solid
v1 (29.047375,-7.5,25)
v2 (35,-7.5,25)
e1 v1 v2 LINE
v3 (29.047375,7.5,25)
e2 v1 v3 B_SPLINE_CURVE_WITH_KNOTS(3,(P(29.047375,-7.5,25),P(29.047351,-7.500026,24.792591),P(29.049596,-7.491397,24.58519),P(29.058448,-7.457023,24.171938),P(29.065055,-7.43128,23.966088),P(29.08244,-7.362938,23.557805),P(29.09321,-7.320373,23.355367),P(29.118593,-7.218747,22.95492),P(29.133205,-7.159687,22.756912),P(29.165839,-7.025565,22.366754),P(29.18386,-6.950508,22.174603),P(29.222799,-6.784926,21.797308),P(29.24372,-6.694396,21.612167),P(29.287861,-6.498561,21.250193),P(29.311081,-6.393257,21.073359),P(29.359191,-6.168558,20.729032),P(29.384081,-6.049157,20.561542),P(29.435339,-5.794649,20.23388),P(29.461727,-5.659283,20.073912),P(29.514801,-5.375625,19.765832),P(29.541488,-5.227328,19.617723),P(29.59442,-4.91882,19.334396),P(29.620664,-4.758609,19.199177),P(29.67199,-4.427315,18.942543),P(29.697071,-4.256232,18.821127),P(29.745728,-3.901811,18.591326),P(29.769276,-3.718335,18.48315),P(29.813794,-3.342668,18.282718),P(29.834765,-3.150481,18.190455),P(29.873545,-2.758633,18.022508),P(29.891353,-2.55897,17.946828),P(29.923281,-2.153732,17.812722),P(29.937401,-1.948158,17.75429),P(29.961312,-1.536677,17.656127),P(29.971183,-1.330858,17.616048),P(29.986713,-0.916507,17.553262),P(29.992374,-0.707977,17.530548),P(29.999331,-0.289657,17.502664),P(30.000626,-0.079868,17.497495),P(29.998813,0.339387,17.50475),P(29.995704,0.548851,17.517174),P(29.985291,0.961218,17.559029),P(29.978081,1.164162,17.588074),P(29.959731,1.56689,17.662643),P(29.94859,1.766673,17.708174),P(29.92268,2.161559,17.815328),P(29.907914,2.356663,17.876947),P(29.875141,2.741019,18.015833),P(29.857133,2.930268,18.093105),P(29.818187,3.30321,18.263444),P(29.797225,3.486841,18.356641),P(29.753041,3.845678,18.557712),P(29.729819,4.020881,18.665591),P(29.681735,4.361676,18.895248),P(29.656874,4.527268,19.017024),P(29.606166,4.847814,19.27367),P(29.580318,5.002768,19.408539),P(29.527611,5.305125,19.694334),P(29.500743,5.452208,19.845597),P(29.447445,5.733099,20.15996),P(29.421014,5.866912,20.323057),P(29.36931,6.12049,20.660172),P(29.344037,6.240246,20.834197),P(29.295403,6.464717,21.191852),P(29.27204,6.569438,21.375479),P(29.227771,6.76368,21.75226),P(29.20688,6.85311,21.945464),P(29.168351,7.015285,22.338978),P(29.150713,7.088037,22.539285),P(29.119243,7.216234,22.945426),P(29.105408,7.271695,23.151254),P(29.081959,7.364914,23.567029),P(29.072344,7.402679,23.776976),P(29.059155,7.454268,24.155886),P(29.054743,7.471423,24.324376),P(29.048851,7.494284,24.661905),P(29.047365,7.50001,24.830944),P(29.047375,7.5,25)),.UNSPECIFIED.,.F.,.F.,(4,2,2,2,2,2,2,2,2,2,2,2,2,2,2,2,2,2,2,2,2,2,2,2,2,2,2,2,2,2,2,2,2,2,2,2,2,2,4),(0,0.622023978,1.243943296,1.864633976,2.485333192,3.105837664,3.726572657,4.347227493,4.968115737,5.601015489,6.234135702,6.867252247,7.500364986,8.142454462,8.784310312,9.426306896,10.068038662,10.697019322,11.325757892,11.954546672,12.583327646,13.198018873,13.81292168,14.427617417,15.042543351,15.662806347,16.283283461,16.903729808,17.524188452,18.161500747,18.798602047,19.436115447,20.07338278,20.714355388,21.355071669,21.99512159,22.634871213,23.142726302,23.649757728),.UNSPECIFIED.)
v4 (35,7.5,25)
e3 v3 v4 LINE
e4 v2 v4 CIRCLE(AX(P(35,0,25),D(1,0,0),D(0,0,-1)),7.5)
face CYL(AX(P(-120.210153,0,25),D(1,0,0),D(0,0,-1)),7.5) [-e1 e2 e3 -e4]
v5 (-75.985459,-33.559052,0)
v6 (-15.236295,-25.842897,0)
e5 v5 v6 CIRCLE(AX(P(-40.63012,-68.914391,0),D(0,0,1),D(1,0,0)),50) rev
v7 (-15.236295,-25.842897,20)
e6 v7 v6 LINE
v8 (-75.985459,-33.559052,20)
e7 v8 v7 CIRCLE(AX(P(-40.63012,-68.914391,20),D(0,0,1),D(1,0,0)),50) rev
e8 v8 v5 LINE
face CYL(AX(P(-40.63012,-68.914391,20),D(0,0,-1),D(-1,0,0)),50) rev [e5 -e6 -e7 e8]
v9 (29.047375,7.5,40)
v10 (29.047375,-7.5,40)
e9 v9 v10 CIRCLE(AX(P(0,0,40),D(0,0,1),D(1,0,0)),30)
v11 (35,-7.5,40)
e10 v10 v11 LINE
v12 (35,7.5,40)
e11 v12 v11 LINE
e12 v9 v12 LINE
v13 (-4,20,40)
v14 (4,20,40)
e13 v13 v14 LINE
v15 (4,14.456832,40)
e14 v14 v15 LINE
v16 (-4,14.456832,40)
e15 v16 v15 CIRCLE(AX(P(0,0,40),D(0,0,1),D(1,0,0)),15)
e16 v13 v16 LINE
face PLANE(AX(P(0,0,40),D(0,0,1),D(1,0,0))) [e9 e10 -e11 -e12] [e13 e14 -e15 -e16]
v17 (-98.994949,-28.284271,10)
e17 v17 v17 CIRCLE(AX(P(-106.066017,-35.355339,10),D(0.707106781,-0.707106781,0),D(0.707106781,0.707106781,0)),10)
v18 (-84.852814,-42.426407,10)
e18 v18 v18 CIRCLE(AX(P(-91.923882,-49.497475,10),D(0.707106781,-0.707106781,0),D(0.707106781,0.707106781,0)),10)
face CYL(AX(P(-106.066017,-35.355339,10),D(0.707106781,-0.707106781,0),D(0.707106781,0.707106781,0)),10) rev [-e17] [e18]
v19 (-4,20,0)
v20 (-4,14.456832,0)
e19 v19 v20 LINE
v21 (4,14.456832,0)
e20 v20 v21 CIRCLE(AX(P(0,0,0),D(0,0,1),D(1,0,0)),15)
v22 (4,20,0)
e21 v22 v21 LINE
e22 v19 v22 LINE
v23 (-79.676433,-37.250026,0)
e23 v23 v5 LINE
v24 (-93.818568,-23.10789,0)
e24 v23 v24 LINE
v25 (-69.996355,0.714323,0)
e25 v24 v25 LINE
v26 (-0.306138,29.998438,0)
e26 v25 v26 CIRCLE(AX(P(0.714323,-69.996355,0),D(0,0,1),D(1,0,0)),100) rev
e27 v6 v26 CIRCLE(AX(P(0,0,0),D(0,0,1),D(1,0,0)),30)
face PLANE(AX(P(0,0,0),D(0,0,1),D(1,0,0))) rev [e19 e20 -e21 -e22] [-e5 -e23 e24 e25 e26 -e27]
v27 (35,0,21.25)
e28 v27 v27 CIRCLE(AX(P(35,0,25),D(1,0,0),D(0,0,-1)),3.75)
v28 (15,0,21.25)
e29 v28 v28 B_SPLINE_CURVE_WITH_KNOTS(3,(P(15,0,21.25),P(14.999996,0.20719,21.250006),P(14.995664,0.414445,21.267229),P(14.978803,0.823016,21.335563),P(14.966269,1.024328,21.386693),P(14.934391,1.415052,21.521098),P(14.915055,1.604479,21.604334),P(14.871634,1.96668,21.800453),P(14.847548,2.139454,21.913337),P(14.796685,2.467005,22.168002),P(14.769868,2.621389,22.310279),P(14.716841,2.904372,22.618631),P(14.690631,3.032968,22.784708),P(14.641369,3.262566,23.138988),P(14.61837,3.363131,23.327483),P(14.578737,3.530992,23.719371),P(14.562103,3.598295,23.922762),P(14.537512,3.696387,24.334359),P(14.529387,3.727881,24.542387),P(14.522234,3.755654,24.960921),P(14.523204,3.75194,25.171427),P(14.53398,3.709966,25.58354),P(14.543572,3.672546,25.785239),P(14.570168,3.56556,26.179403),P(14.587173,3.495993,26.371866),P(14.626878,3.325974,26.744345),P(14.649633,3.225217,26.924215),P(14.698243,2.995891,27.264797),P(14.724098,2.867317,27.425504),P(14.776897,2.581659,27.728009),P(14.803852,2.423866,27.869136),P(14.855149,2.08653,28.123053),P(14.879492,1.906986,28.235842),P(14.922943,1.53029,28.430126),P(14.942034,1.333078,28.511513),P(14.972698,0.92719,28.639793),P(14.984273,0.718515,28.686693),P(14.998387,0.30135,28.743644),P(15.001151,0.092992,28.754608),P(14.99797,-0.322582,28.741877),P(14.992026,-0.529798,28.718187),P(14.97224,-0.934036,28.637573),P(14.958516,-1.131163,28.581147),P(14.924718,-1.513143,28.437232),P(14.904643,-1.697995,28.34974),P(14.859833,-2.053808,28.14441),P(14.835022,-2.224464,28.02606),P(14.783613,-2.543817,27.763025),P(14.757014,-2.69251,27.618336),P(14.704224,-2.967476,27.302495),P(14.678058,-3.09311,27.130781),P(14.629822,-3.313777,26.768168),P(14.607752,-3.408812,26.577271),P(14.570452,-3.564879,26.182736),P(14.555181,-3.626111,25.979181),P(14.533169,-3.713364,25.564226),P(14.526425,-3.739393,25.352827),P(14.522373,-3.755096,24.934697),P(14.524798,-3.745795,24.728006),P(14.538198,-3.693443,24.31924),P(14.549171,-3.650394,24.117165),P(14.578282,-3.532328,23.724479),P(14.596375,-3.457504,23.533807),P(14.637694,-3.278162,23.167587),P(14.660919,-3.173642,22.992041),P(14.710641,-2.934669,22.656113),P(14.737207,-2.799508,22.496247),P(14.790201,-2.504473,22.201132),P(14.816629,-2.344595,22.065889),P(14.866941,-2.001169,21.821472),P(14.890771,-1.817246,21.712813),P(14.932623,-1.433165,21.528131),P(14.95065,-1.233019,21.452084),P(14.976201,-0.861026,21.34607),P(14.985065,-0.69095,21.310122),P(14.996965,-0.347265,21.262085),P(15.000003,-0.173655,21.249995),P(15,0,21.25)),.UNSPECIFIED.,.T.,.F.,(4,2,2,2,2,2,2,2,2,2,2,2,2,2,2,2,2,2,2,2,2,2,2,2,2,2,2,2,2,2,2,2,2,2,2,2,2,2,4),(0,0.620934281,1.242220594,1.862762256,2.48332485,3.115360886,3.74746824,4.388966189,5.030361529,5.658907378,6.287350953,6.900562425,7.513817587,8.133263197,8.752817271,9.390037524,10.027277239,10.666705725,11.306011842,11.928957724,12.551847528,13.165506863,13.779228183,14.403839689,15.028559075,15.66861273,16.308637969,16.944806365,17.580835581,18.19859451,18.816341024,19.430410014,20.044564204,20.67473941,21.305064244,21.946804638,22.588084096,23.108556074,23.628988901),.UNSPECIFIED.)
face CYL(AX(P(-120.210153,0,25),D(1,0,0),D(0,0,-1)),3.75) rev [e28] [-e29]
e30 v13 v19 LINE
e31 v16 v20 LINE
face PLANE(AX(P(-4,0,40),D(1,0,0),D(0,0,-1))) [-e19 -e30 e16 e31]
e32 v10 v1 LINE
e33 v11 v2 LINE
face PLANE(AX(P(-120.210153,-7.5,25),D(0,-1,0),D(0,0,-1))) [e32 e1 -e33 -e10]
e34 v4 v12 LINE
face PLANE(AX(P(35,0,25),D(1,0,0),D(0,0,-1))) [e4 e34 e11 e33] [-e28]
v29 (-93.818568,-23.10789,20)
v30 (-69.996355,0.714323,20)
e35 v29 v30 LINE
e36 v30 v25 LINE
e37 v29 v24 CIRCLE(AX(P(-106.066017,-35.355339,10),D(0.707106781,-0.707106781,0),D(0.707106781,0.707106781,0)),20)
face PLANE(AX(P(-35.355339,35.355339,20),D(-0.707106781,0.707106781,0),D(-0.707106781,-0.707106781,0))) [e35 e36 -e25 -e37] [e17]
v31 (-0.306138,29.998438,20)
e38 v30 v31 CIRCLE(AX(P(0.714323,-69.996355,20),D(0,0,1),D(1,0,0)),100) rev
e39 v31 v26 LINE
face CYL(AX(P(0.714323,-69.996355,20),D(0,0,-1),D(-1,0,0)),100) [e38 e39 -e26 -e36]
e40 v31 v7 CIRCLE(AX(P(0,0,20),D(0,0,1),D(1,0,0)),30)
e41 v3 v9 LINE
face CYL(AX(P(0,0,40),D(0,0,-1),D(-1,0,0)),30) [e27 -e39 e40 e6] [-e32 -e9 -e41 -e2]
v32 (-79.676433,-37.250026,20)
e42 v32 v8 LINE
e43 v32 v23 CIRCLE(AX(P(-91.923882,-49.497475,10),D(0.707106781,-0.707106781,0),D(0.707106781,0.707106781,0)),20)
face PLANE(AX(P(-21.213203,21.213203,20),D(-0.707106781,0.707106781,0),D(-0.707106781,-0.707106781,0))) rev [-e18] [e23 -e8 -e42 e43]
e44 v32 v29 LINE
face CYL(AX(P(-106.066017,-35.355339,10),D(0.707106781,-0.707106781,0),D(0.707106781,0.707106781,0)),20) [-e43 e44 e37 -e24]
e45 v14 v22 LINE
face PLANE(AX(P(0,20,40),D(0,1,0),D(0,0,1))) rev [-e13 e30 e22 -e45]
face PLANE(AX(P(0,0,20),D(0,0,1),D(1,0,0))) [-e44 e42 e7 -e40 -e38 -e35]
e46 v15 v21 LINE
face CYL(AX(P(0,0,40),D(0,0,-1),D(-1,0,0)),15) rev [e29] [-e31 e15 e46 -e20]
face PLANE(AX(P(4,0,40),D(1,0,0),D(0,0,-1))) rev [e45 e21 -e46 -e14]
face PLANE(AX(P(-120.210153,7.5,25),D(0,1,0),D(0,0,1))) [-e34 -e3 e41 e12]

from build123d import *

# Parameters (mm, degrees)
SKETCH_1_R           = 30
EXTRUDE_1_DEPTH      = 40
EXTRUDE_2_DEPTH      = 20
SKETCH_2_R           = 20
SKETCH_2_R_2         = 10
EXTRUDE_3_DEPTH      = 20
CUT_EXTRUDE_1_DEPTH  = 20
EXTRUDE_4_REACH      = 174.452
EXTRUDE_4_END_RADIUS = 30
SKETCH_3_R           = 3.75
CUT_EXTRUDE_2_REACH  = 174.452
SKETCH_3_2_R         = 3.75


with BuildPart() as part:
    # 草图1 → 凸台-拉伸1 (new body)
    with BuildSketch(Plane.XY):
        Circle(SKETCH_1_R)
        with BuildLine():
            ThreePointArc((-4, 14.456832295), (0, -15), (4, 14.456832295))
            Line((4, 14.456832295), (4, 20))
            Line((4, 20), (-4, 20))
            Line((-4, 20), (-4, 14.456832295))
        make_face(mode=Mode.SUBTRACT)
    extrude(amount=EXTRUDE_1_DEPTH)

    # 草图1<3> → 凸台-拉伸2 (add)
    with BuildSketch(Plane.XY):
        with BuildLine():
            Line((-69.996355211, 0.714322908), (-106.066017178, -35.355339059))
            Line((-106.066017178, -35.355339059), (-91.923881554, -49.497474683))
            Line((-91.923881554, -49.497474683), (-75.985459186, -33.559052315))
            ThreePointArc((-75.985459186, -33.559052315), (-46.930334751, -19.312906561), (-15.236295048, -25.842896765))
            ThreePointArc((-15.236295048, -25.842896765), (-28.981985351, 7.748840242), (-0.306138389, 29.998437947))
            ThreePointArc((-0.306138389, 29.998437947), (-38.024919972, 22.195136051), (-69.996355211, 0.714322908))
        make_face()
    extrude(amount=EXTRUDE_2_DEPTH)

    # 草图2 → 凸台-拉伸3 (add)
    with BuildSketch(Plane(origin=(-21.213203436, 21.213203436, 0), x_dir=(0, 0, -1), z_dir=(0.7071067811865452, -0.7071067811865498, 0))):
        with Locations((-10, -100)):
            Circle(SKETCH_2_R)
        with Locations((-10, -100)):
            Circle(SKETCH_2_R_2, mode=Mode.SUBTRACT)
    extrude(amount=-EXTRUDE_3_DEPTH)

    # 草图2<3> → 切除-拉伸1 (cut)
    with BuildSketch(Plane(origin=(-21.213203436, 21.213203436, 0), x_dir=(0, 0, -1), z_dir=(0.7071067811865452, -0.7071067811865498, 0))):
        with BuildLine():
            Line((-20, -100), (0, -100))
            ThreePointArc((0, -100), (-10, -90), (-20, -100))
        make_face()
        with BuildLine():
            ThreePointArc((-20, -100), (-10, -110), (0, -100))
            Line((0, -100), (-20, -100))
        make_face()
    extrude(amount=-CUT_EXTRUDE_1_DEPTH, mode=Mode.SUBTRACT)

    # 凸台-拉伸4: up to this cylinder (the profile starts outside it)
    extrude_4_end = Plane(origin=(0, 0, 30.224226), z_dir=(0, 0, -1)) * Cylinder(EXTRUDE_4_END_RADIUS, 409.904, mode=Mode.PRIVATE)
    # 草图3 → 凸台-拉伸4 (add, up to the surface)
    with BuildSketch(Plane(origin=(35, 0, 0), x_dir=(0, 0, -1), z_dir=(1, 0, 0)), mode=Mode.PRIVATE) as extrude_4_sk1:
        with BuildLine():
            Line((-25, 7.5), (-40, 7.5))
            Line((-40, 7.5), (-40, -7.5))
            Line((-40, -7.5), (-25, -7.5))
            ThreePointArc((-25, -7.5), (-17.5, 0), (-25, 7.5))
        make_face()
        with Locations((-25, 0)):
            Circle(SKETCH_3_R, mode=Mode.SUBTRACT)
    extrude_4_tool1 = extrude(extrude_4_sk1.sketch, amount=-EXTRUDE_4_REACH, mode=Mode.PRIVATE) - extrude_4_end
    add(extrude_4_tool1.solids().sort_by_distance((35, 0, 30.224226))[0])

    # 草图3<2> → 切除-拉伸2 (cut, up to next)
    with BuildSketch(Plane(origin=(35, 0, 0), x_dir=(0, 0, -1), z_dir=(1, 0, 0)), mode=Mode.PRIVATE) as cut_extrude_2_sk1:
        with Locations((-25, 0)):
            Circle(SKETCH_3_2_R)
    cut_extrude_2_tool1 = extrude(cut_extrude_2_sk1.sketch, amount=-CUT_EXTRUDE_2_REACH, mode=Mode.PRIVATE) & part.part
    add(cut_extrude_2_tool1.solids().sort_by_distance((35, 0, 25))[0], mode=Mode.SUBTRACT)


solid = part.part
